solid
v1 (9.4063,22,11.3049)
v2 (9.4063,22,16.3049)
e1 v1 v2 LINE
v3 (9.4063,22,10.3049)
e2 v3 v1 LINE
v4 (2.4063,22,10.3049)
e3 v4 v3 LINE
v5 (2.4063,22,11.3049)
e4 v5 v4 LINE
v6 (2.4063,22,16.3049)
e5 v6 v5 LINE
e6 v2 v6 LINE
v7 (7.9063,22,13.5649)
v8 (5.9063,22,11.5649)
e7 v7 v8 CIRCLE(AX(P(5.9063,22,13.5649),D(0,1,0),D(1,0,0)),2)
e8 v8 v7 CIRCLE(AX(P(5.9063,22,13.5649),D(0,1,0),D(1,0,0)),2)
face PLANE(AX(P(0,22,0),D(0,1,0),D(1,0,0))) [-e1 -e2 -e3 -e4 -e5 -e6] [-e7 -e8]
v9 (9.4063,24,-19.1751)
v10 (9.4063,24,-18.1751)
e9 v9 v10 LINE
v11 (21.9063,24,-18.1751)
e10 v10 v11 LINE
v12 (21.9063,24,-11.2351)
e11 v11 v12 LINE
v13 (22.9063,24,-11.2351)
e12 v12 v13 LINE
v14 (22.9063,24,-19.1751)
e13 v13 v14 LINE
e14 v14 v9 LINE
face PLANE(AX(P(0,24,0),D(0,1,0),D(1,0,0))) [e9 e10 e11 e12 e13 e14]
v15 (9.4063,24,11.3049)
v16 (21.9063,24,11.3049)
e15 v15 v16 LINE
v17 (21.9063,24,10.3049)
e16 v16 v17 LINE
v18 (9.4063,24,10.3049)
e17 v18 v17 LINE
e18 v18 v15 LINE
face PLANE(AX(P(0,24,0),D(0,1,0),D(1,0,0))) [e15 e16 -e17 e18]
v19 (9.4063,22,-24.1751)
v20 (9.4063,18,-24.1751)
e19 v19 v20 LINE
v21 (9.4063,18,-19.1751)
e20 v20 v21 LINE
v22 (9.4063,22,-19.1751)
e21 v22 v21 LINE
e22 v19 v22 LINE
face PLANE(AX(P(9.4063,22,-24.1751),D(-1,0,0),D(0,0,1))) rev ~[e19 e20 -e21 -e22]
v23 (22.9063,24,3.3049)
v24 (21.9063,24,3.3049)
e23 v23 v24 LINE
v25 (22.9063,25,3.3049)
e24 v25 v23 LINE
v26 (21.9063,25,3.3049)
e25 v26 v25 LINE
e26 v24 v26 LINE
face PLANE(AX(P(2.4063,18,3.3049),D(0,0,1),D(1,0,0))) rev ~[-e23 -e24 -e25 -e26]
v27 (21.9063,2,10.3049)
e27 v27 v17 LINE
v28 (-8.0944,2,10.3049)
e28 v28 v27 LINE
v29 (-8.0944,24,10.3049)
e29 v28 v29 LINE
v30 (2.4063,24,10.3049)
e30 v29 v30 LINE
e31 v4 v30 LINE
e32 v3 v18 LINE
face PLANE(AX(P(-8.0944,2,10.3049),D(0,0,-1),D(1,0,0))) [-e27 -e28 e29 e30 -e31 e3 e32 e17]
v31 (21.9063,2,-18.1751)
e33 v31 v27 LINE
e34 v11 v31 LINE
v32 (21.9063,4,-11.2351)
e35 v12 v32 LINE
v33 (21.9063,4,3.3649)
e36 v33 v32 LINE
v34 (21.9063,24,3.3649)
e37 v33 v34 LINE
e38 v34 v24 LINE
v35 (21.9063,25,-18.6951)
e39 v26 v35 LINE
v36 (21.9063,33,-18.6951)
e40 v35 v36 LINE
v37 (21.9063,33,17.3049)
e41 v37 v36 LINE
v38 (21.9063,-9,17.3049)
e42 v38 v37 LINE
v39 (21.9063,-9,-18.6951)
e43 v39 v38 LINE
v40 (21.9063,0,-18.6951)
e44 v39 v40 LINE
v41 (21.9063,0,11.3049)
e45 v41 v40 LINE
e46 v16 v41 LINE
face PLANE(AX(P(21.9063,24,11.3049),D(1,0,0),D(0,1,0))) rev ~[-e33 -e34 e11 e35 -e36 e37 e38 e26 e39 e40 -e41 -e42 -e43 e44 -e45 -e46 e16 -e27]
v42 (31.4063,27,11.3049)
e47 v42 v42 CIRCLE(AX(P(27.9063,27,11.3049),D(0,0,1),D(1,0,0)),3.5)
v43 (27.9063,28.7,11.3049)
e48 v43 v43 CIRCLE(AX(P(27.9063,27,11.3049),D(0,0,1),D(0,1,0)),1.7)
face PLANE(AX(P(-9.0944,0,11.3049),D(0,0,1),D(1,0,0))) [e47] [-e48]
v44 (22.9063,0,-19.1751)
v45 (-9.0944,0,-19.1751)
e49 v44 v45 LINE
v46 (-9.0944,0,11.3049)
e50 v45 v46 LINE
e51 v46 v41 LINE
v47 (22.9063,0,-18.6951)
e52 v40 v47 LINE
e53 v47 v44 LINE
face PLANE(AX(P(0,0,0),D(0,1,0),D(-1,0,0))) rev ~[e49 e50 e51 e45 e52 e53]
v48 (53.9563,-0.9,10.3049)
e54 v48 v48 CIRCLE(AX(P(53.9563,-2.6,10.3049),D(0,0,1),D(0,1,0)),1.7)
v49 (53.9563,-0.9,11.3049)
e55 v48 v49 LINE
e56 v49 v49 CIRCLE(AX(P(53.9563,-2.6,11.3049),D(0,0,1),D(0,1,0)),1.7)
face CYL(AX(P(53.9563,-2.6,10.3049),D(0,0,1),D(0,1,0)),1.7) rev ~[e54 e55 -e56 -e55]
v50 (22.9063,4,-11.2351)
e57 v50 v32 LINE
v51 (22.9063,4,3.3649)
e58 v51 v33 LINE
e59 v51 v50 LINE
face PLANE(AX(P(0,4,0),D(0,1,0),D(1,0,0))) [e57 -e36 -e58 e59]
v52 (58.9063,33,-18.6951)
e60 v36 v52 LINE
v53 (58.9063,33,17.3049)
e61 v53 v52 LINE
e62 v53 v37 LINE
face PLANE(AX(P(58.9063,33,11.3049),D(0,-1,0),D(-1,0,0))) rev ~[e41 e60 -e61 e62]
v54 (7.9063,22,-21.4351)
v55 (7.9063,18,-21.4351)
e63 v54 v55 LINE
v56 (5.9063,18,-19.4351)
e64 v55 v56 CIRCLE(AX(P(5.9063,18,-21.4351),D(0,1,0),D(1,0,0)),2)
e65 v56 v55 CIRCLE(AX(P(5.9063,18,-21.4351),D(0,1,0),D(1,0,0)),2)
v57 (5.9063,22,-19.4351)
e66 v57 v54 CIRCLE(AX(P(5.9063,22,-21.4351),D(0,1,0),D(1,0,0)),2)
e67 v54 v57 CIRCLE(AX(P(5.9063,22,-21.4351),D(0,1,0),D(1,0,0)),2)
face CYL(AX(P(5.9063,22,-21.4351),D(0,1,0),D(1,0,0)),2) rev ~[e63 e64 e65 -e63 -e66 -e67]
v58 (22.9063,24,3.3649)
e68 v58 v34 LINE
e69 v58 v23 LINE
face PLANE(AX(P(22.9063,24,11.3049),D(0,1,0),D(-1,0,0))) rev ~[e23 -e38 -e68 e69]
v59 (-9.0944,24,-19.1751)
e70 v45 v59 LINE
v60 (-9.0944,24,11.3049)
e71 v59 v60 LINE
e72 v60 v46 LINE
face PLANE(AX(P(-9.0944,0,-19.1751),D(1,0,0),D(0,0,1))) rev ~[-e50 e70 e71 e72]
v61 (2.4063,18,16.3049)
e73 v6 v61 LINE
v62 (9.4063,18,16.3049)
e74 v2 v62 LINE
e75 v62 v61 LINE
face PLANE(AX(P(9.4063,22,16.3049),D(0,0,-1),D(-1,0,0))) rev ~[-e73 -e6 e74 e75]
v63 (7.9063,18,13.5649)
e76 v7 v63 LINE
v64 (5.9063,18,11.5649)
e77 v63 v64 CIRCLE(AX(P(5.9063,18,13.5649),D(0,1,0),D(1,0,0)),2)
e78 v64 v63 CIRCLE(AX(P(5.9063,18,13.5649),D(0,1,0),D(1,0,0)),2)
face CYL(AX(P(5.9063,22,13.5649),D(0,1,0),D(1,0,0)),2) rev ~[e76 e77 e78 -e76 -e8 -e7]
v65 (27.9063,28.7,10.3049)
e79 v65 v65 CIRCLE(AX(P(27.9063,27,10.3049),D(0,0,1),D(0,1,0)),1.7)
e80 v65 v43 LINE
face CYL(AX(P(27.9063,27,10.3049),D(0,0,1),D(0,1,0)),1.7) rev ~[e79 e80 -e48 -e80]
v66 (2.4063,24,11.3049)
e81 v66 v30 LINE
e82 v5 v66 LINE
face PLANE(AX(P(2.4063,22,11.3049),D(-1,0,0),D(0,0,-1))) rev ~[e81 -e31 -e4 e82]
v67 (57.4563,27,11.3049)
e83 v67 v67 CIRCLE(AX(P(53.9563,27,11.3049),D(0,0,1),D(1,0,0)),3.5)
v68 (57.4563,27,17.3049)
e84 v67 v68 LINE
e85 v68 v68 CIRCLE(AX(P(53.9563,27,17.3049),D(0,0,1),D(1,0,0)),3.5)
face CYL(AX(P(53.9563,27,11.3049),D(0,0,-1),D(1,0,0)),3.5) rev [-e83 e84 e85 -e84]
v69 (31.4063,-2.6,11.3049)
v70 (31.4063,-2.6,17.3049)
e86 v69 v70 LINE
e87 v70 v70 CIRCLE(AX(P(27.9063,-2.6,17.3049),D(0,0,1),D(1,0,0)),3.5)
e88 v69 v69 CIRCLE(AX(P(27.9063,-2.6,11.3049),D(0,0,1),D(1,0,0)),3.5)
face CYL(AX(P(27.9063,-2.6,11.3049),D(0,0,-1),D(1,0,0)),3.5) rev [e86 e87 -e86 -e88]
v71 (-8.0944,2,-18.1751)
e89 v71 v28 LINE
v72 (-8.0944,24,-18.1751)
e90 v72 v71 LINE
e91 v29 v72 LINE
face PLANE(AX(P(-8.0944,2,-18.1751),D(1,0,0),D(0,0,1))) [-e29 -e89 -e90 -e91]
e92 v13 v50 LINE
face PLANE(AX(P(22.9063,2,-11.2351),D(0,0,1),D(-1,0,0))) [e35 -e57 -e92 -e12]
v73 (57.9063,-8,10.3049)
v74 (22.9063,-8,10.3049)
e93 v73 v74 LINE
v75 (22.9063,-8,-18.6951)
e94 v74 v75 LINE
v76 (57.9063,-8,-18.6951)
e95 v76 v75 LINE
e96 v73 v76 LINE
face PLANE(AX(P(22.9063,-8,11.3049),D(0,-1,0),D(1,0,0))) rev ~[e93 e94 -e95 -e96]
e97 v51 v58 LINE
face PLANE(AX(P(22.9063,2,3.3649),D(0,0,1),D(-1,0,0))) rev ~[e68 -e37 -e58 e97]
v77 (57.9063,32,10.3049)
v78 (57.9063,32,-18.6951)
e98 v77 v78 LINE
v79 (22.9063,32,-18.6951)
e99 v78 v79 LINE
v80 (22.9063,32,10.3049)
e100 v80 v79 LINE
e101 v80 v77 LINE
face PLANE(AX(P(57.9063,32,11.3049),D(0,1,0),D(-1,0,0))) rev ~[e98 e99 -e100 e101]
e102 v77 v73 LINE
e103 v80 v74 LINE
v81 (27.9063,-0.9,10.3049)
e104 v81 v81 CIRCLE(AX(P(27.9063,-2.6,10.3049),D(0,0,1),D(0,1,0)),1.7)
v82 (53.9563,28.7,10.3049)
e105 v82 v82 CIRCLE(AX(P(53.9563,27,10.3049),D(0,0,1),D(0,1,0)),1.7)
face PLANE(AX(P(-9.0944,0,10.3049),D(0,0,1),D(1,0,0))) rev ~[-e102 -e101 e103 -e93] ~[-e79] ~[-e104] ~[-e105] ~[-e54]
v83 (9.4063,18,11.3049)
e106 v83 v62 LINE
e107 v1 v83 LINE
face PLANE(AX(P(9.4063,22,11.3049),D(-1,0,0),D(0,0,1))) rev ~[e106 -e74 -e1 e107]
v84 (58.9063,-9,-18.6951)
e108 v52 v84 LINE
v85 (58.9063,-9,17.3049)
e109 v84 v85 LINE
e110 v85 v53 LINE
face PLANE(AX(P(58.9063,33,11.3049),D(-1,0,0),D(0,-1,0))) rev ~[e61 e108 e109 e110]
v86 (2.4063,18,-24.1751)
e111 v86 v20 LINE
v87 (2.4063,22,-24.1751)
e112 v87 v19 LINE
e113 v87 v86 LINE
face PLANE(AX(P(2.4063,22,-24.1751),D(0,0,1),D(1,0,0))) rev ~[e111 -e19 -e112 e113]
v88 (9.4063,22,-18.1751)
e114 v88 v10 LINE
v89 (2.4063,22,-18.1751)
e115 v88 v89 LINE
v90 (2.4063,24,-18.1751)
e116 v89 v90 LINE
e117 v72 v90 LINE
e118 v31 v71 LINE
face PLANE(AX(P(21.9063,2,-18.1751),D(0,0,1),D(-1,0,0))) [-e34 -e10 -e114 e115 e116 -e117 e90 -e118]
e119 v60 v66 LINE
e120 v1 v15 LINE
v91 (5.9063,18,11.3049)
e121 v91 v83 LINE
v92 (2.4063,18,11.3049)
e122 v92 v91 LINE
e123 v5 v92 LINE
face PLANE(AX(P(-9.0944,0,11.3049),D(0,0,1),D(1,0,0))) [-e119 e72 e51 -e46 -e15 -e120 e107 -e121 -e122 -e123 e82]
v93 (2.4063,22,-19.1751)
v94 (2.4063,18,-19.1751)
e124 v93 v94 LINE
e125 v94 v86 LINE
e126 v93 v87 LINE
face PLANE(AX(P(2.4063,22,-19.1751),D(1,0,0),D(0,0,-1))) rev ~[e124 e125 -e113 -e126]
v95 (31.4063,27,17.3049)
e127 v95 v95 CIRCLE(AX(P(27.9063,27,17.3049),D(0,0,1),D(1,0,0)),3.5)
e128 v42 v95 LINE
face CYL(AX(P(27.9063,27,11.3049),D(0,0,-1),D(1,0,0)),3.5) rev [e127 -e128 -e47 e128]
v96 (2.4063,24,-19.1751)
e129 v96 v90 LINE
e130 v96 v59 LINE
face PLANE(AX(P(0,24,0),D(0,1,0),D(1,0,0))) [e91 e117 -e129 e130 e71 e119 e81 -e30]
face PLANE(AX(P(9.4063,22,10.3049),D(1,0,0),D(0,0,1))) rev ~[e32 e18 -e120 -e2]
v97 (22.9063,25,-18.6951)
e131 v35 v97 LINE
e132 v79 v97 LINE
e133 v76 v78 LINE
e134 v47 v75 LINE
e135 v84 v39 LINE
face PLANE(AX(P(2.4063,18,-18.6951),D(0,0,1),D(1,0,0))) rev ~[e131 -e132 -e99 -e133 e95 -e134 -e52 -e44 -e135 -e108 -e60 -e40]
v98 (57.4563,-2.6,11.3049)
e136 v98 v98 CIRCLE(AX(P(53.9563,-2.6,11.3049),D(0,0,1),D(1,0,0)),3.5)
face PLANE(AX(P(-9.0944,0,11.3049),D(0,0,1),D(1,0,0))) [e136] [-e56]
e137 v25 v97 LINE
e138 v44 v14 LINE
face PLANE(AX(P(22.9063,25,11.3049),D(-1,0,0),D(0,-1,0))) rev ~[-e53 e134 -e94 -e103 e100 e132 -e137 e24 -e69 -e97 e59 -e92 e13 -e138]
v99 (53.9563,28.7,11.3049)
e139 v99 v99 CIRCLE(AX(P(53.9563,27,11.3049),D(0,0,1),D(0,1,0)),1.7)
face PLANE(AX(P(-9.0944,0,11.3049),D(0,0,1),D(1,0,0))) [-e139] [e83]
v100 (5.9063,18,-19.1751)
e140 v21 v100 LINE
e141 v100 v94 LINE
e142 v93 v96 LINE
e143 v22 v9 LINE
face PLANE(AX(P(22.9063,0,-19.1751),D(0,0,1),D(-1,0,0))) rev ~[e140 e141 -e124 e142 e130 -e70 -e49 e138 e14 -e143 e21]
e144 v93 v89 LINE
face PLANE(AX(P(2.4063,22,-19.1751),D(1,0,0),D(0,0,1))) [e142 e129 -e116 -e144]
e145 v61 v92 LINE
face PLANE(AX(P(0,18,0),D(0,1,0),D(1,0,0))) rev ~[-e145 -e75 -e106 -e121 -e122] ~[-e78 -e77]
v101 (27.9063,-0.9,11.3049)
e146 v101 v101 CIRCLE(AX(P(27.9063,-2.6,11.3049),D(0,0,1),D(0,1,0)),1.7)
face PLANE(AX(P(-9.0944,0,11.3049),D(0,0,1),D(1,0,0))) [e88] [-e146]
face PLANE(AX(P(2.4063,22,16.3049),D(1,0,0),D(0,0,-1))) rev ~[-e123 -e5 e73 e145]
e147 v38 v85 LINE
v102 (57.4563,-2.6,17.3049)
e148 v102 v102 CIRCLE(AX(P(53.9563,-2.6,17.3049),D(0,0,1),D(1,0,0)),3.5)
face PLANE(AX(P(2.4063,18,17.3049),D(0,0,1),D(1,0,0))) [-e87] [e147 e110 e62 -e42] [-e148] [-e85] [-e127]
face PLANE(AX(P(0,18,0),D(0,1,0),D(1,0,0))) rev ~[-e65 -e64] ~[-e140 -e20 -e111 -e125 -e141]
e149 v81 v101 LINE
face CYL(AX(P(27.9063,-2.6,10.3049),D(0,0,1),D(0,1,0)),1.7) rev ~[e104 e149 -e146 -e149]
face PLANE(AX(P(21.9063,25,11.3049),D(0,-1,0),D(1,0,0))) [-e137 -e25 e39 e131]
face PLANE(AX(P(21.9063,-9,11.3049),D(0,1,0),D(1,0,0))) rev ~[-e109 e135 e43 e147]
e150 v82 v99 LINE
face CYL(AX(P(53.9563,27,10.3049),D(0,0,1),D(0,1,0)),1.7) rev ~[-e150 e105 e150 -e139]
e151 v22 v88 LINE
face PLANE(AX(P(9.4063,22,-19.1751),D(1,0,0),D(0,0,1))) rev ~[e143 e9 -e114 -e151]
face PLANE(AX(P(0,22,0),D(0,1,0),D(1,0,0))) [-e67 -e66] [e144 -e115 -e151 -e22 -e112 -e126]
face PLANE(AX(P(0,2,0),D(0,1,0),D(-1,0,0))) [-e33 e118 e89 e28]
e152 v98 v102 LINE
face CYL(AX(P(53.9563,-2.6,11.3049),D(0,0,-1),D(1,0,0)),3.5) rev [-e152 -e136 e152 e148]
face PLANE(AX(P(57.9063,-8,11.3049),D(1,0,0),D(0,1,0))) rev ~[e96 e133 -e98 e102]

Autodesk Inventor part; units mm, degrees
ref_plane "YZ Plane" through (0, 0, 0) normal (1, 0, 0) x (0, 1, 0)
ref_plane "XZ Plane" through (0, 0, 0) normal (0, 1, 0) x (-1, 0, 0)
ref_plane "XY Plane" through (0, 0, 0) normal (0, 0, 1) x (1, 0, 0)
sketch "Sketch1" plane through (0, 0, 0) normal (0, 1, 0) x (-1, 0, 0)
  line L0 (9.0944, 11.3049) -> (-22.9063, 11.3049)
  line L1 (9.0944, 11.3049) -> (41.0951, 11.3049) construction
  line L2 (-22.9063, 11.3049) -> (-22.9063, -19.1751)
  line L3 (-22.9063, -19.1751) -> (9.0944, -19.1751)
  line L4 (9.0944, -19.1751) -> (9.0944, 11.3049)
  point P0 (0, 0)
  dimension "d0" = 32.0007
  dimension "d1" = 180
  dimension "d2" = 30.48
extrude "Extrusion1" add sketch "Sketch1" along normal blind 2
sketch "Sketch2" plane through (0, 2, 0) normal (0, 1, 0) x (1, 0, 0)
  line L0 (-9.0944, 19.1751) -> (-9.0944, -11.3049)
  line L1 (-9.0944, -11.3049) -> (-9.0944, -10.3049)
  line L2 (-9.0944, -10.3049) -> (-8.0944, -10.3049)
  line L3 (-9.0944, 19.1751) -> (-8.0944, 19.1751)
  line L4 (22.9063, 19.1751) -> (-9.0944, 19.1751)
  line L5 (-8.0944, 19.1751) -> (-8.0944, 18.1751)
  line L6 (22.9063, 19.1751) -> (21.9063, 19.1751)
  line L7 (21.9063, 19.1751) -> (21.9063, 18.1751)
  line L8 (22.9063, -11.3049) -> (22.9063, 19.1751)
  line L9 (22.9063, -11.3049) -> (22.9063, -10.3049)
  line L10 (21.9063, -10.3049) -> (22.9063, -10.3049)
  line L11 (-8.0944, -10.3049) -> (21.9063, -10.3049)
  line L12 (21.9063, -10.3049) -> (21.9063, 18.1751)
  line L13 (21.9063, 18.1751) -> (-8.0944, 18.1751)
  line L14 (-8.0944, 18.1751) -> (-8.0944, -10.3049)
  line L15 (-9.0944, -11.3049) -> (22.9063, -11.3049)
  line L16 (22.9063, -11.3049) -> (22.9063, 19.1751)
  line L17 (22.9063, 19.1751) -> (-9.0944, 19.1751)
  line L18 (-9.0944, 19.1751) -> (-9.0944, -11.3049)
  line L19 (22.9063, -11.3049) -> (22.9063, -3.3649)
  line L20 (22.9063, 19.1751) -> (22.9063, 11.2351)
  line L21 (22.9063, -3.3649) -> (21.9063, -3.3649)
  line L22 (22.9063, 11.2351) -> (21.9063, 11.2351)
  point P0 (0, 0)
  point P1 (22.9063, -3.3649)
  point P2 (22.9063, 11.2351)
  dimension "d5" = 1
  dimension "d6" = 1
  dimension "d7" = 1
  dimension "d8" = 1
  dimension "d11" = 7.94
  dimension "d12" = 7.94
extrude "Extrusion3" add sketch "Sketch2" along normal blind 20 contours L3 L5 L14 L2 L0 | L2 L11 L10 L8 L15 L0 | L4 L7 L13 L5 | L4 L8 L22 L12 L7 | L12 L21 L8 L10
sketch "Sketch3" plane through (0, 2, 0) normal (0, 1, 0) x (1, 0, 0)
  line L0 (21.9063, -10.3049) -> (21.9063, -3.3649)
  line L1 (22.9063, 11.2351) -> (21.9063, 11.2351)
  line L2 (21.9063, -3.3649) -> (21.9063, 11.2351)
  line L3 (21.9063, 11.2351) -> (22.9063, 11.2351)
  line L4 (22.9063, -3.3649) -> (22.9063, 11.2351)
  line L5 (22.9063, 11.2351) -> (22.9063, -3.3649)
  line L6 (22.9063, -3.3649) -> (21.9063, -3.3649)
  point P0 (0, 0)
extrude "Extrusion4" add sketch "Sketch3" along normal blind 2
sketch "Sketch4" plane through (0, 22, 0) normal (0, 1, 0) x (1, 0, 0)
  line L0 (22.9063, -11.3049) -> (22.9063, 19.1751)
  line L1 (22.9063, 3.9351) -> (5.9063, 3.9351)
  line L2 (5.9063, 3.9351) -> (5.9063, 21.4351)
  line L3 (5.9063, 21.4351) -> (5.9063, -13.5649)
  circle A0 centre (5.9063, -13.5649) radius 2
  circle A1 centre (5.9063, 21.4351) radius 2
  line L4 (22.9063, 19.1751) -> (-9.0944, 19.1751)
  line L5 (5.9063, 19.1751) -> (2.4063, 19.1751)
  line L6 (2.4063, 19.1751) -> (2.4063, 24.1751)
  line L7 (2.4063, 24.1751) -> (9.4063, 24.1751)
  line L8 (9.4063, 24.1751) -> (9.4063, 19.1751)
  line L9 (9.4063, -11.3049) -> (9.4063, -16.3049)
  line L10 (9.4063, -16.3049) -> (2.4063, -16.3049)
  line L11 (2.4063, -16.3049) -> (2.4063, -11.3049)
  line L12 (-9.0944, -11.3049) -> (22.9063, -11.3049)
  point P0 (0, 0)
  dimension "d17" = 17
  dimension "d18" = 17.5
  dimension "d19" = 35
  dimension "d20" = 4
  dimension "d21" = 4
  dimension "d22" = 3.5
  dimension "d23" = 5
  dimension "d24" = 7
  dimension "d25" = 5
extrude "Extrusion5" add sketch "Sketch4" against normal blind 4 contours L9 L10 L11 L12 | L4 L6 L7 L8
sketch "Sketch5" plane through (0, 22, 0) normal (0, 1, 0) x (1, 0, 0)
  line L0 (2.4063, 19.1751) -> (2.4063, 24.1751)
  line L1 (2.4063, 19.1751) -> (2.4063, 18.1751)
  line L2 (-8.0944, 18.1751) -> (21.9063, 18.1751)
  line L3 (22.9063, 19.1751) -> (9.4063, 19.1751)
  line L4 (9.4063, 19.1751) -> (9.4063, 18.1751)
  line L5 (-9.0944, -11.3049) -> (22.9063, -11.3049)
  line L6 (2.4063, -11.3049) -> (2.4063, -10.3049)
  line L7 (-8.0944, -10.3049) -> (21.9063, -10.3049)
  line L8 (9.4063, -10.3049) -> (9.4063, -11.3049)
  circle A0 centre (5.9063, 21.4351) radius 2
  circle A1 centre (5.9063, -13.5649) radius 2
  line L9 (21.9063, -10.3049) -> (-8.0944, -10.3049)
  line L10 (-8.0944, -10.3049) -> (-8.0944, 18.1751)
  line L11 (-8.0944, 18.1751) -> (21.9063, 18.1751)
  line L12 (21.9063, 18.1751) -> (21.9063, 11.2351)
  line L13 (21.9063, 11.2351) -> (22.9063, 11.2351)
  line L14 (22.9063, 11.2351) -> (22.9063, 19.1751)
  line L15 (22.9063, 19.1751) -> (9.4063, 19.1751)
  line L16 (9.4063, 19.1751) -> (9.4063, 24.1751)
  line L17 (9.4063, 24.1751) -> (2.4063, 24.1751)
  line L18 (2.4063, 24.1751) -> (2.4063, 19.1751)
  line L19 (2.4063, 19.1751) -> (-9.0944, 19.1751)
  line L20 (-9.0944, 19.1751) -> (-9.0944, -11.3049)
  line L21 (-9.0944, -11.3049) -> (2.4063, -11.3049)
  line L22 (2.4063, -11.3049) -> (2.4063, -16.3049)
  line L23 (2.4063, -16.3049) -> (9.4063, -16.3049)
  line L24 (9.4063, -16.3049) -> (9.4063, -11.3049)
  line L25 (9.4063, -11.3049) -> (22.9063, -11.3049)
  line L26 (22.9063, -11.3049) -> (22.9063, -3.3649)
  line L27 (22.9063, -3.3649) -> (21.9063, -3.3649)
  line L28 (21.9063, -3.3649) -> (21.9063, -10.3049)
  point P0 (0, 0)
  point P1 (-8.0944, 18.1751)
  point P2 (22.9063, 19.1751)
extrude "Extrusion6" add sketch "Sketch5" along normal blind 2 contours L1 L2 L10 L7 L6 L5 L20 L19 | L4 L3 L14 L13 L12 L2 | L8 L7 L28 L27 L26 L5
sketch "Sketch35" plane through (-9.0944, 0, 11.3049) normal (0, 0, 1) x (1, 0, 0)
  line L0 (32.0007, 0) -> (32.0007, 24)
  line L1 (32.0007, 12) -> (32.0007, 32)
  line L2 (32.0007, 32) -> (67.0007, 32)
  line L3 (67.0007, 32) -> (67.0007, -8)
  line L4 (67.0007, -8) -> (32.0007, -8)
  line L5 (32.0007, -8) -> (32.0007, 0)
  point P0 (9.0944, 0)
  dimension "d177" = 20
  dimension "d178" = 35
  dimension "d179" = 40
extrude "Extrusion32" add sketch "Sketch35" against normal blind 1
sketch "Sketch36" plane through (-9.0944, 0, 10.3049) normal (0, 0, -1) x (-1, 0, 0)
  line L0 (-32.0007, 32) -> (-32.0007, 24)
  line L1 (-32.0007, 32) -> (-37.0007, 32)
  line L2 (-32.0007, 32) -> (-67.0007, 32)
  line L3 (-37.0007, 32) -> (-37.0007, 27)
  line L4 (-37.0007, 27) -> (-37.0007, -2.6)
  line L5 (-37.0007, -2.6) -> (-63.0507, -2.6)
  line L6 (-63.0507, -2.6) -> (-63.0507, 27)
  point P0 (-9.0944, 0)
  dimension "d182" = 5
  dimension "d183" = 5
  dimension "d184" = 29.6
  dimension "d185" = 26.05
  dimension "d186" = 29.6
  dimension "d187" = 90
hole "Hole3" at (27.9063, 27, 10.3049) at (53.9563, 27, 10.3049) at (53.9563, -2.6, 10.3049) at (27.9063, -2.6, 10.3049) direction (0, 0, 1) diameter 3.4 end through all
sketch "Sketch37" plane through (-9.0944, 0, 10.3049) normal (0, 0, -1) x (-1, 0, 0)
  point P0 (-9.0944, 0)
sketch "Sketch38" plane through (2.4063, 18, 11.3049) normal (0, 0, 1) x (1, 0, 0)
  line L0 (20.5, -18) -> (20.5, 6)
  line L1 (19.5, -16) -> (19.5, 6)
  line L2 (20.5, 6) -> (19.5, 6)
  line L3 (19.5, 6) -> (19.5, 15)
  line L4 (19.5, 15) -> (56.5, 15)
  line L5 (56.5, 15) -> (56.5, -27)
  line L6 (56.5, -27) -> (19.5, -27)
  line L7 (19.5, -27) -> (19.5, 15)
  circle A0 centre (51.55, -20.6) radius 1.7
  circle A1 centre (25.5, 9) radius 1.7
  circle A2 centre (51.55, 9) radius 1.7
  circle A3 centre (25.5, -20.6) radius 1.7
  line L8 (0, 0) -> (0, 4)
  line L9 (0, 4) -> (0, 6)
  line L10 (-11.5007, 6) -> (0, 6)
  line L11 (-11.5007, -18) -> (-11.5007, 6)
  line L12 (-11.5007, -18) -> (20.5, -18)
  line L13 (20.5, -18) -> (20.5, -26)
  line L14 (20.5, -26) -> (55.5, -26)
  line L15 (55.5, -26) -> (55.5, 14)
  line L16 (55.5, 14) -> (20.5, 14)
  line L17 (20.5, 14) -> (20.5, 6)
  line L18 (7, 6) -> (20.5, 6)
  line L19 (7, 4) -> (7, 6)
  line L20 (7, 4) -> (7, 0)
  line L21 (7, 0) -> (0, 0)
  line L22 (20.5, 15) -> (21.5, 15)
  line L23 (21.5, 15) -> (21.5, 6)
  line L24 (20.5, 6) -> (20.5, 14)
  line L25 (21.5, 6) -> (20.5, 6)
  line L26 (20.5, -26) -> (21.5, -26)
  line L27 (55.5, -26) -> (20.5, -26)
  line L28 (21.5, -26) -> (21.5, -18)
  line L29 (20.5, -18) -> (-11.5007, -18)
  line L30 (21.5, -18) -> (20.5, -18)
  line L31 (20.5, -26) -> (20.5, -27)
  line L32 (20.5, 14) -> (20.5, 15)
  line L33 (19.5, -16) -> (19.5, 6)
  line L34 (19.5, 6) -> (19.5, 7)
  line L35 (19.5, 7) -> (20.5, 7)
  point P0 (-2.4063, -18)
  point P1 (19.5, 7)
  point P2 (20.5, 7)
  point P3 (19.5, -18)
  dimension "d195" = 1
  dimension "d196" = 9
  dimension "d197" = 37
  dimension "d198" = 42
  dimension "d199" = 1
  dimension "d200" = 1
  dimension "d201" = 1
extrude "Extrusion33" add sketch "Sketch38" against normal blind 30 contours L13 L31 L6 L7 L12 | L14 L15 L16 L23 L4 L5 L6 L31 | L35 L3 L4 L32 L17 | L32 L4 L23 L16
sketch "Sketch42" plane through (2.4063, 18, 11.3049) normal (0, 0, 1) x (1, 0, 0)
  circle A0 centre (25.5, 9) radius 1.7
  circle A1 centre (25.5, 9) radius 3.5
  circle A2 centre (51.55, 9) radius 1.7
  circle A3 centre (51.55, 9) radius 3.5
  circle A4 centre (51.55, -20.6) radius 1.7
  circle A5 centre (51.55, -20.6) radius 3.5
  circle A6 centre (25.5, -20.6) radius 1.7
  circle A7 centre (25.5, -20.6) radius 3.5
  circle A8 centre (51.55, -20.6) radius 1.7
  circle A9 centre (25.5, 9) radius 1.7
  circle A10 centre (51.55, 9) radius 1.7
  circle A11 centre (25.5, -20.6) radius 1.7
  line L0 (0, 0) -> (0, 4)
  line L1 (0, 4) -> (0, 6)
  line L2 (-11.5007, 6) -> (0, 6)
  line L3 (-11.5007, -18) -> (-11.5007, 6)
  line L4 (-11.5007, -18) -> (19.5, -18)
  line L5 (19.5, -18) -> (19.5, -27)
  line L6 (19.5, -27) -> (56.5, -27)
  line L7 (56.5, -27) -> (56.5, 15)
  line L8 (56.5, 15) -> (19.5, 15)
  line L9 (19.5, 15) -> (19.5, 7)
  line L10 (19.5, 7) -> (20.5, 7)
  line L11 (20.5, 7) -> (20.5, 6)
  line L12 (7, 6) -> (20.5, 6)
  line L13 (7, 4) -> (7, 6)
  line L14 (7, 4) -> (7, 0)
  line L15 (7, 0) -> (0, 0)
  line L16 (19.5, -14) -> (19.5, 6)
  line L17 (19.5, 6) -> (19.5, -18)
  line L18 (20.5, -18) -> (20.5, 6)
  line L19 (19.5, 15) -> (19.5, 7)
  line L20 (19.5, 7) -> (19.5, 6)
  point P0 (-2.4063, -18)
  dimension "d224" = 7
  dimension "d225" = 7
  dimension "d226" = 7
  dimension "d227" = 7
extrude "Extrusion37" add sketch "Sketch42" along normal blind 6 contours L20 L10 L11 L12 | L12 L11 L10 L9 L8 L7 L6 L5 L17 L16
extrude "Extrusion38" add sketch "Sketch38" against normal blind 8 contours L2 L3 L35 L17
properties part number "shell 3.0"
